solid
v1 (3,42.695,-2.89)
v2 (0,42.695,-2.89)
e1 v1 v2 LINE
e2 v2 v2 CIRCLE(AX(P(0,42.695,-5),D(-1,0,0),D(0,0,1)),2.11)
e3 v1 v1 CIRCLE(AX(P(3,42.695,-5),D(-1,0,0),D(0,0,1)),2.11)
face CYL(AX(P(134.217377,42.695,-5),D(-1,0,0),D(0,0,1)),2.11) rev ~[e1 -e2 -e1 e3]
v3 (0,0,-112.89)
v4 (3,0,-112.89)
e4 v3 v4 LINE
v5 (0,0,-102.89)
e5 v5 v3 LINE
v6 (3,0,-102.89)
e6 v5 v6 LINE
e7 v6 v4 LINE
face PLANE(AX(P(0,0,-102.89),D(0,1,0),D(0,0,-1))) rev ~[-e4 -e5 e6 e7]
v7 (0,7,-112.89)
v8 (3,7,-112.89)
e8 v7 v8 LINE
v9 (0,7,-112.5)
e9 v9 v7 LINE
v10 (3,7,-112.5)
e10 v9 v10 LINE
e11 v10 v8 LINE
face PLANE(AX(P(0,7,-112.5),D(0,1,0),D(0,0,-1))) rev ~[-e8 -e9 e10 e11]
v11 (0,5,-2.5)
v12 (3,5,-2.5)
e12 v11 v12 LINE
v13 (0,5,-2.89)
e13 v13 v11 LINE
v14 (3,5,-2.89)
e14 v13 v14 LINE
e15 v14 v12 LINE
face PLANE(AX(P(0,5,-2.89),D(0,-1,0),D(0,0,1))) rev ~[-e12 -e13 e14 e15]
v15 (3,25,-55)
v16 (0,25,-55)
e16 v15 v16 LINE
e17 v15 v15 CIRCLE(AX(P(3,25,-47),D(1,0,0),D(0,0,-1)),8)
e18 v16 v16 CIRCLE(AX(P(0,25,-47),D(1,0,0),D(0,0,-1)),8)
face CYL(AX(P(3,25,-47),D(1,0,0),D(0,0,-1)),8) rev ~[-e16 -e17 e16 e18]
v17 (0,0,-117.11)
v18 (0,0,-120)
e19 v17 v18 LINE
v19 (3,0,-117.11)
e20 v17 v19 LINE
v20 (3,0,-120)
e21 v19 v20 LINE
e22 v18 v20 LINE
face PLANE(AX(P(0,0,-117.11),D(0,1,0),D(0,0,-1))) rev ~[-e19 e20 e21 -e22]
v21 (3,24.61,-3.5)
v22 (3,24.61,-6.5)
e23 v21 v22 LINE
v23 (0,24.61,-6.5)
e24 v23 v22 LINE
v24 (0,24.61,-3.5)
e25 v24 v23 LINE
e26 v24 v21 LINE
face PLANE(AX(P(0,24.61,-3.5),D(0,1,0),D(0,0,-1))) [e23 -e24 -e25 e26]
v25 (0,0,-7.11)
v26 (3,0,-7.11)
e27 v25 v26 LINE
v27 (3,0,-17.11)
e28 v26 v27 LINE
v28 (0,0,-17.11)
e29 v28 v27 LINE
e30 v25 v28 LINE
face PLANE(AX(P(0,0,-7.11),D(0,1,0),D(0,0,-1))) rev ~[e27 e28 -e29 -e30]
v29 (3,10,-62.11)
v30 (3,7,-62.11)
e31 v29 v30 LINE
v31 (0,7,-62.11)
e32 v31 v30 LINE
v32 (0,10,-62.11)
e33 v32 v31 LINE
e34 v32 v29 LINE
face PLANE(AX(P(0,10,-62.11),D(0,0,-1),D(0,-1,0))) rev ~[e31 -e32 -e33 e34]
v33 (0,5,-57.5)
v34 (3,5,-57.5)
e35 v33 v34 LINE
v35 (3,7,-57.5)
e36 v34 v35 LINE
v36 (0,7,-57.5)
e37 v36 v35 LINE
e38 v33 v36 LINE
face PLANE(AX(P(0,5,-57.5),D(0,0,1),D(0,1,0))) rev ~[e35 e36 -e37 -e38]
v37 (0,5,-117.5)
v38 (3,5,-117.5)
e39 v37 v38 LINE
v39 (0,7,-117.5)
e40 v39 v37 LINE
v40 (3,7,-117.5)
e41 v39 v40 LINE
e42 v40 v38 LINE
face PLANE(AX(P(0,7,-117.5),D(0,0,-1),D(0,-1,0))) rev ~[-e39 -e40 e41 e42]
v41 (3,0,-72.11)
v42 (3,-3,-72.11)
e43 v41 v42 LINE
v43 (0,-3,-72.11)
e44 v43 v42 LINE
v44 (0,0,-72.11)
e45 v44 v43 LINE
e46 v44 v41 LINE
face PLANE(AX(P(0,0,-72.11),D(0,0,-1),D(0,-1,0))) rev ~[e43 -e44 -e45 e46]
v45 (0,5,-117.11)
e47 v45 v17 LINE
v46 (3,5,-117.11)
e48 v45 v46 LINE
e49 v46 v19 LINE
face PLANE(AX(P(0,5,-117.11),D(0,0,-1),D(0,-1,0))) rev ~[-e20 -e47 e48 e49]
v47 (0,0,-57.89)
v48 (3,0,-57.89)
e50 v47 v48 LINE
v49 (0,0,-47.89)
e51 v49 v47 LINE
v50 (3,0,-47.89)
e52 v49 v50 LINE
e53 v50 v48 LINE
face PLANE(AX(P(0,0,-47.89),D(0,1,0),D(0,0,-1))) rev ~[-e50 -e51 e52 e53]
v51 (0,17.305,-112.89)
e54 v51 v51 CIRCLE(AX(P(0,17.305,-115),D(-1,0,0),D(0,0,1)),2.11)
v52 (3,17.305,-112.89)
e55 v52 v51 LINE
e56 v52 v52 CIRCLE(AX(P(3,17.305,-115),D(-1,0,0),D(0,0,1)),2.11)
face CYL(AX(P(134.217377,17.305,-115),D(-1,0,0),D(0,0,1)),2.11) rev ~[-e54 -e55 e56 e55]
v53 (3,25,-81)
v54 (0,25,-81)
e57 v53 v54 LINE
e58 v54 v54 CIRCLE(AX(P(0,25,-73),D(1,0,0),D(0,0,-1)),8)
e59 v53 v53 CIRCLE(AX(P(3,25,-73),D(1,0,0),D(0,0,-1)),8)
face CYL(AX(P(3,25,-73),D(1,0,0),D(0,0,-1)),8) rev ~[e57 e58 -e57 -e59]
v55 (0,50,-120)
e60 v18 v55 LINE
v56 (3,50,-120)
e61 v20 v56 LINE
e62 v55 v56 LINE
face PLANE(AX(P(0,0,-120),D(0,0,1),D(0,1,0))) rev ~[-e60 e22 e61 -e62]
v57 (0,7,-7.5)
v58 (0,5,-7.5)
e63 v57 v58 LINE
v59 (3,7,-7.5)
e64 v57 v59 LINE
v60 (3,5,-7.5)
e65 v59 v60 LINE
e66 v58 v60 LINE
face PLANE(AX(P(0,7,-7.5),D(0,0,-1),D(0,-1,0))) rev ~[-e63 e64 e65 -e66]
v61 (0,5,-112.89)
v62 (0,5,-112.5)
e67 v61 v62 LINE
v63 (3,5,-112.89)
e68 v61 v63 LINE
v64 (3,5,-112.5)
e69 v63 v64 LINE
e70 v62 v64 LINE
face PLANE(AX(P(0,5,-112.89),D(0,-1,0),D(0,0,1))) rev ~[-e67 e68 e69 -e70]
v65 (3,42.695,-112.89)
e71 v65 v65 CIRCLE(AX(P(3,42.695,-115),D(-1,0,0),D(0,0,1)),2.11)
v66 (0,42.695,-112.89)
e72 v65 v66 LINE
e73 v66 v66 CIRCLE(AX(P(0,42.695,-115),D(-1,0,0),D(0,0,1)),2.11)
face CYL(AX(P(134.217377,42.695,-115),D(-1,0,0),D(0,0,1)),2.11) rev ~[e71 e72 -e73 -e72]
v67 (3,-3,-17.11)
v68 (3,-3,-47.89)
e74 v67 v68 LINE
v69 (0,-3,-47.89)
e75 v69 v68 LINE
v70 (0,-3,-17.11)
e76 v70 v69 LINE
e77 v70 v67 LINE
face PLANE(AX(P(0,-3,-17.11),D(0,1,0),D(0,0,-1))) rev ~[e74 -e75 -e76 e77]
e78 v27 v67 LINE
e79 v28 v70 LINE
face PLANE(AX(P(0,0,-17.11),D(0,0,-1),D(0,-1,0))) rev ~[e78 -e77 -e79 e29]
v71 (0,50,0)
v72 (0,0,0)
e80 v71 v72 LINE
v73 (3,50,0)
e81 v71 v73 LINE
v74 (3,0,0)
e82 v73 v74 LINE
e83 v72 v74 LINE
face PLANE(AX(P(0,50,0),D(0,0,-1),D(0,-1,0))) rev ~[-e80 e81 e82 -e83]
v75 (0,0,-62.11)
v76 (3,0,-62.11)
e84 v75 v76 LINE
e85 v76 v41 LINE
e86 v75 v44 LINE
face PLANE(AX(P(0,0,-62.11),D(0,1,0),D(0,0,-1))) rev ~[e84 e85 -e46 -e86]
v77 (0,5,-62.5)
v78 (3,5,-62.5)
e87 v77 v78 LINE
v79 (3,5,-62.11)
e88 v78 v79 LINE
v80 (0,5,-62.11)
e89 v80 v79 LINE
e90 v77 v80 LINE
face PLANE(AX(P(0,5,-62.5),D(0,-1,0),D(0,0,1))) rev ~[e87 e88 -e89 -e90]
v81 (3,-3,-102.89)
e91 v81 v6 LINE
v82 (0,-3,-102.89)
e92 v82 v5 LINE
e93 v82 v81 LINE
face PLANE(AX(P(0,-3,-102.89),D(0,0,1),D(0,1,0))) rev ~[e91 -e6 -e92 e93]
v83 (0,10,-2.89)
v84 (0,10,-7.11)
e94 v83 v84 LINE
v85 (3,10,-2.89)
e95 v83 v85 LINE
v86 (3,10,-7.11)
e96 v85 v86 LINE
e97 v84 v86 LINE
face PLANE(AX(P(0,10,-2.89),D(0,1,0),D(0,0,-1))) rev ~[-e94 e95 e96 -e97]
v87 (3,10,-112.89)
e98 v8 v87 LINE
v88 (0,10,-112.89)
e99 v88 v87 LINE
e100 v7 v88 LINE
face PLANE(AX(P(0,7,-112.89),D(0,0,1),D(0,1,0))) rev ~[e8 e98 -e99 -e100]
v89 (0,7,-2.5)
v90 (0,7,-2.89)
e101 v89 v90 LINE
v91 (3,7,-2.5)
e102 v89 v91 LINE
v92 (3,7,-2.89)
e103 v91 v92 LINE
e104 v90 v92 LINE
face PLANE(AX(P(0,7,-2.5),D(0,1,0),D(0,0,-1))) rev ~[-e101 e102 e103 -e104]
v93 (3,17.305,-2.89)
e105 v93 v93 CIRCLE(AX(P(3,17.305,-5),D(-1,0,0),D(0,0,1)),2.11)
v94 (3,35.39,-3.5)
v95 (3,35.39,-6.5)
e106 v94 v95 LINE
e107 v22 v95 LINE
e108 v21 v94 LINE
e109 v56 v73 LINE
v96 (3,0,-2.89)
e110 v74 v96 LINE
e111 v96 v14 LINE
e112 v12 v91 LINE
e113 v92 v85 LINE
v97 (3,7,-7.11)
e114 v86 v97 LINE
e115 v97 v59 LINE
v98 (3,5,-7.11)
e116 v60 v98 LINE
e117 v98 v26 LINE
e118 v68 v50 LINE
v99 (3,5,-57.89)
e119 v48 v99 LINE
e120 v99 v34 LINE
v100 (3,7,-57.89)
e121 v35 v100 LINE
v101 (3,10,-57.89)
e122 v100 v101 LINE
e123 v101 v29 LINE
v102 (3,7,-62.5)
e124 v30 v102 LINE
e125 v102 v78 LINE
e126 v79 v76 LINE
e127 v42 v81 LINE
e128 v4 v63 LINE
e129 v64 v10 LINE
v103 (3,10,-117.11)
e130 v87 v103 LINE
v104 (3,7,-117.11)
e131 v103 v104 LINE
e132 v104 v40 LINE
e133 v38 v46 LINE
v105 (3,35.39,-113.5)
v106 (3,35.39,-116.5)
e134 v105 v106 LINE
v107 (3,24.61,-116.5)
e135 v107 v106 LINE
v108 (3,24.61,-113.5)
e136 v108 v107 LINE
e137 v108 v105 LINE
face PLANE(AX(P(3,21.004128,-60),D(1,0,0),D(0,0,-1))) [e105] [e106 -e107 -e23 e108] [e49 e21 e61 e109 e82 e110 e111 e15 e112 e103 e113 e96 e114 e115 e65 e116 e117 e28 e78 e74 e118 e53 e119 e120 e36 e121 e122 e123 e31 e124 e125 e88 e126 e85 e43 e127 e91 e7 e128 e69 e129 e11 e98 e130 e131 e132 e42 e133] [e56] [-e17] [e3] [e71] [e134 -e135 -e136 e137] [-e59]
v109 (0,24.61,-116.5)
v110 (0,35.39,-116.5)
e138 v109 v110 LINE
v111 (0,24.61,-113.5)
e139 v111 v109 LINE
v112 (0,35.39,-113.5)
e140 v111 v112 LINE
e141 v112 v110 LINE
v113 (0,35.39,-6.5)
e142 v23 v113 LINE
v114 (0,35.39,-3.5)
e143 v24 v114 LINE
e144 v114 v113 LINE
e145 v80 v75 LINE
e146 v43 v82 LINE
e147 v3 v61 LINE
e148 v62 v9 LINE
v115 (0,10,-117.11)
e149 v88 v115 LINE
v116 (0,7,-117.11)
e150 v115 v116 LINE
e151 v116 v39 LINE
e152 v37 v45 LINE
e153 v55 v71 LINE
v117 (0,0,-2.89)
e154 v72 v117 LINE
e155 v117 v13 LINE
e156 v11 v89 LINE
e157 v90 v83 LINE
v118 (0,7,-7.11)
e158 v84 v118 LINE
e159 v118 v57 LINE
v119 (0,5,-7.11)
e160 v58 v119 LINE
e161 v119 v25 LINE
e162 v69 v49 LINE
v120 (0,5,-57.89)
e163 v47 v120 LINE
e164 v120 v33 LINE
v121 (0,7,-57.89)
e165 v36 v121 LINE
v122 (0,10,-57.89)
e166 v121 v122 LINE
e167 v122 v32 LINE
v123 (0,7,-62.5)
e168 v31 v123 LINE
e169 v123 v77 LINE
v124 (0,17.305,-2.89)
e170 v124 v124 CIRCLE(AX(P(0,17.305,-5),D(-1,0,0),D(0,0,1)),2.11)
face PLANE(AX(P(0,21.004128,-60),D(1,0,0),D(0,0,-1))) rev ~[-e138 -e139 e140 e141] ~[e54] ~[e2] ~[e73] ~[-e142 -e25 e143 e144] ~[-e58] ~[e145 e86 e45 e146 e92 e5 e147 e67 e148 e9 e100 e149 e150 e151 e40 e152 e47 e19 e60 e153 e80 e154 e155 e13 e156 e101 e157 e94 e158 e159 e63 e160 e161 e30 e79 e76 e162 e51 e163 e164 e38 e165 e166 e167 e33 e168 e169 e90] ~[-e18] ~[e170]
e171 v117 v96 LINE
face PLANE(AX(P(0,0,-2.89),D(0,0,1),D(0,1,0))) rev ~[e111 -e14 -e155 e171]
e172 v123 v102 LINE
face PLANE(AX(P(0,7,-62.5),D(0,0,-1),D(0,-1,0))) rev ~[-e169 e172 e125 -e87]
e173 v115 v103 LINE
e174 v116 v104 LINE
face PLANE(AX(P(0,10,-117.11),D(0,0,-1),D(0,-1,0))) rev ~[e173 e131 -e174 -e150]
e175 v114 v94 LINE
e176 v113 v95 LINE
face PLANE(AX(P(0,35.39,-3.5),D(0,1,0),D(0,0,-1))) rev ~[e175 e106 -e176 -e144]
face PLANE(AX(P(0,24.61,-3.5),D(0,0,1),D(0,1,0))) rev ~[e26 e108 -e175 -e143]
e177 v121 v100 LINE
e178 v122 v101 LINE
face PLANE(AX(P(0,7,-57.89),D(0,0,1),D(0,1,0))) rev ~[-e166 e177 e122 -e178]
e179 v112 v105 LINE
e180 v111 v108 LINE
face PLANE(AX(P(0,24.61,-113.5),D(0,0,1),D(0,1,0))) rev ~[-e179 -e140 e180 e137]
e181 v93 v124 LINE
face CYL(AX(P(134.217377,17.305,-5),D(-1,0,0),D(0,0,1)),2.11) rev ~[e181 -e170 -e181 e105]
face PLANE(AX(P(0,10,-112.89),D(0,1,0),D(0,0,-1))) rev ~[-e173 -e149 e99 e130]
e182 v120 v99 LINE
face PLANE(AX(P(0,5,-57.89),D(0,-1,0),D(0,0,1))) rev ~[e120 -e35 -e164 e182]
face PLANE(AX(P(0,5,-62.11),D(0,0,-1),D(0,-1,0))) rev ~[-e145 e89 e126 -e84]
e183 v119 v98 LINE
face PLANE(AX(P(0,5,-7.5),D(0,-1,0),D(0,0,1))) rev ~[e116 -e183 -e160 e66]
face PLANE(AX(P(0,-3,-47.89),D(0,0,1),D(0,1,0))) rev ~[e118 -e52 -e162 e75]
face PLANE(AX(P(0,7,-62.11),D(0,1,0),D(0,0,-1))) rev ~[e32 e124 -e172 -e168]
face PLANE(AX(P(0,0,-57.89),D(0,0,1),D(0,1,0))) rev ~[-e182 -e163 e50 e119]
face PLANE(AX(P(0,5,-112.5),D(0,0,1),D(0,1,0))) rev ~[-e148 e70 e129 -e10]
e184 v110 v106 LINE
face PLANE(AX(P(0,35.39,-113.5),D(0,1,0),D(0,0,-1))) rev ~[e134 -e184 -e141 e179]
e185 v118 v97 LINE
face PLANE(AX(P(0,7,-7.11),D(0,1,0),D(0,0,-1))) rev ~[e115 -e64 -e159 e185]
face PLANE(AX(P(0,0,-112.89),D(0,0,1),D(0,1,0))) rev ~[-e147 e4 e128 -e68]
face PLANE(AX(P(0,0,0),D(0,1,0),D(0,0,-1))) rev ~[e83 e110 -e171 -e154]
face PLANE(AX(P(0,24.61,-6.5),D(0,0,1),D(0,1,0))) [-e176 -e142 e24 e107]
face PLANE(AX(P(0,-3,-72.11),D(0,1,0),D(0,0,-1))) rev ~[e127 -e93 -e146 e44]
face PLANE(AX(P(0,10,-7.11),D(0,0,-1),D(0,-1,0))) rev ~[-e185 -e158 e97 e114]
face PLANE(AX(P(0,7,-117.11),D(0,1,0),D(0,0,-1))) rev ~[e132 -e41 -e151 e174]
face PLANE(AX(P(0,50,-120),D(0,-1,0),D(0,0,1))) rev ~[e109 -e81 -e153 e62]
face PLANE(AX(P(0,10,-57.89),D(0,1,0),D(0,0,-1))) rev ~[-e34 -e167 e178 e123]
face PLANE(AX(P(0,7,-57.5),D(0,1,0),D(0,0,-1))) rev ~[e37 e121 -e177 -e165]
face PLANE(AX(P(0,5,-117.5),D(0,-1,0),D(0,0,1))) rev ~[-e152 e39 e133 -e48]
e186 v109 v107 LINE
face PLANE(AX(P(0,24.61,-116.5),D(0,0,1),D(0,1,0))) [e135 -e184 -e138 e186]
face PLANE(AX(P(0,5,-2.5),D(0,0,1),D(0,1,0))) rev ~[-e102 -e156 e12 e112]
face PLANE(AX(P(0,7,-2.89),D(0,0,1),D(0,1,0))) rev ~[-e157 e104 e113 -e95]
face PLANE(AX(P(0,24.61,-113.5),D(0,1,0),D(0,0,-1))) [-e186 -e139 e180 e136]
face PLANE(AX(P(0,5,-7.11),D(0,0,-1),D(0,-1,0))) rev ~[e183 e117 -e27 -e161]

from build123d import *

# Parameters (mm, degrees)
SKETCH2_W                      = 3
SKETCH2_H                      = 10.78
BOSS_EXTRUDE2_DEPTH            = 3
HOLE_FOR_M3_300_SC_NUTS_SP_1_D = 4.22
SKETCH10_R                     = 8
CUT_EXTRUDE1_DEPTH             = 10


with BuildPart() as part:
    # Sketch2 → Boss-Extrude2 (new body)
    with BuildSketch(Plane(origin=(0, 0, 0), x_dir=(0, 0, -1), z_dir=(1, 0, 0))):
        Polygon((0, 0), (2.89, 0), (2.89, 5), (2.5, 5), (2.5, 7), (2.89, 7), (2.89, 10), (7.11, 10), (7.11, 7), (7.5, 7), (7.5, 5), (7.11, 5), (7.11, 0), (17.11, 0), (17.11, -3), (47.89, -3), (47.89, 0), (57.89, 0), (57.89, 5), (57.5, 5), (57.5, 7), (57.89, 7), (57.89, 10), (62.11, 10), (62.11, 7), (62.5, 7), (62.5, 5), (62.11, 5), (62.11, 0), (72.11, 0), (72.11, -3), (102.89, -3), (102.89, 0), (112.89, 0), (112.89, 5), (112.5, 5), (112.5, 7), (112.89, 7), (112.89, 10), (117.11, 10), (117.11, 7), (117.5, 7), (117.5, 5), (117.11, 5), (117.11, 0), (120, 0), (120, 50), (0, 50), align=None)
        with Locations((115, 30)):
            Rectangle(SKETCH2_W, SKETCH2_H, mode=Mode.SUBTRACT)
        with Locations((5, 30)):
            Rectangle(SKETCH2_W, SKETCH2_H, mode=Mode.SUBTRACT)
    extrude(amount=BOSS_EXTRUDE2_DEPTH)

    # Hole for M3 300® SC Nuts (SP)1 (through all)
    with Locations(Plane(origin=(3, 0, 0), x_dir=(0, 0, -1), z_dir=(1, 0, 0))):
        with Locations((5, 42.695), (5, 17.305), (115, 42.695), (115, 17.305)):
            Hole(HOLE_FOR_M3_300_SC_NUTS_SP_1_D / 2)

    # Sketch10 → Cut-Extrude1 (cut)
    with BuildSketch(Plane(origin=(3, 0, 0), x_dir=(0, 0, -1), z_dir=(1, 0, 0))):
        with Locations((73, 25)):
            Circle(SKETCH10_R)
        with Locations((47, 25)):
            Circle(SKETCH10_R)
    extrude(amount=-CUT_EXTRUDE1_DEPTH, mode=Mode.SUBTRACT)


solid = part.part
